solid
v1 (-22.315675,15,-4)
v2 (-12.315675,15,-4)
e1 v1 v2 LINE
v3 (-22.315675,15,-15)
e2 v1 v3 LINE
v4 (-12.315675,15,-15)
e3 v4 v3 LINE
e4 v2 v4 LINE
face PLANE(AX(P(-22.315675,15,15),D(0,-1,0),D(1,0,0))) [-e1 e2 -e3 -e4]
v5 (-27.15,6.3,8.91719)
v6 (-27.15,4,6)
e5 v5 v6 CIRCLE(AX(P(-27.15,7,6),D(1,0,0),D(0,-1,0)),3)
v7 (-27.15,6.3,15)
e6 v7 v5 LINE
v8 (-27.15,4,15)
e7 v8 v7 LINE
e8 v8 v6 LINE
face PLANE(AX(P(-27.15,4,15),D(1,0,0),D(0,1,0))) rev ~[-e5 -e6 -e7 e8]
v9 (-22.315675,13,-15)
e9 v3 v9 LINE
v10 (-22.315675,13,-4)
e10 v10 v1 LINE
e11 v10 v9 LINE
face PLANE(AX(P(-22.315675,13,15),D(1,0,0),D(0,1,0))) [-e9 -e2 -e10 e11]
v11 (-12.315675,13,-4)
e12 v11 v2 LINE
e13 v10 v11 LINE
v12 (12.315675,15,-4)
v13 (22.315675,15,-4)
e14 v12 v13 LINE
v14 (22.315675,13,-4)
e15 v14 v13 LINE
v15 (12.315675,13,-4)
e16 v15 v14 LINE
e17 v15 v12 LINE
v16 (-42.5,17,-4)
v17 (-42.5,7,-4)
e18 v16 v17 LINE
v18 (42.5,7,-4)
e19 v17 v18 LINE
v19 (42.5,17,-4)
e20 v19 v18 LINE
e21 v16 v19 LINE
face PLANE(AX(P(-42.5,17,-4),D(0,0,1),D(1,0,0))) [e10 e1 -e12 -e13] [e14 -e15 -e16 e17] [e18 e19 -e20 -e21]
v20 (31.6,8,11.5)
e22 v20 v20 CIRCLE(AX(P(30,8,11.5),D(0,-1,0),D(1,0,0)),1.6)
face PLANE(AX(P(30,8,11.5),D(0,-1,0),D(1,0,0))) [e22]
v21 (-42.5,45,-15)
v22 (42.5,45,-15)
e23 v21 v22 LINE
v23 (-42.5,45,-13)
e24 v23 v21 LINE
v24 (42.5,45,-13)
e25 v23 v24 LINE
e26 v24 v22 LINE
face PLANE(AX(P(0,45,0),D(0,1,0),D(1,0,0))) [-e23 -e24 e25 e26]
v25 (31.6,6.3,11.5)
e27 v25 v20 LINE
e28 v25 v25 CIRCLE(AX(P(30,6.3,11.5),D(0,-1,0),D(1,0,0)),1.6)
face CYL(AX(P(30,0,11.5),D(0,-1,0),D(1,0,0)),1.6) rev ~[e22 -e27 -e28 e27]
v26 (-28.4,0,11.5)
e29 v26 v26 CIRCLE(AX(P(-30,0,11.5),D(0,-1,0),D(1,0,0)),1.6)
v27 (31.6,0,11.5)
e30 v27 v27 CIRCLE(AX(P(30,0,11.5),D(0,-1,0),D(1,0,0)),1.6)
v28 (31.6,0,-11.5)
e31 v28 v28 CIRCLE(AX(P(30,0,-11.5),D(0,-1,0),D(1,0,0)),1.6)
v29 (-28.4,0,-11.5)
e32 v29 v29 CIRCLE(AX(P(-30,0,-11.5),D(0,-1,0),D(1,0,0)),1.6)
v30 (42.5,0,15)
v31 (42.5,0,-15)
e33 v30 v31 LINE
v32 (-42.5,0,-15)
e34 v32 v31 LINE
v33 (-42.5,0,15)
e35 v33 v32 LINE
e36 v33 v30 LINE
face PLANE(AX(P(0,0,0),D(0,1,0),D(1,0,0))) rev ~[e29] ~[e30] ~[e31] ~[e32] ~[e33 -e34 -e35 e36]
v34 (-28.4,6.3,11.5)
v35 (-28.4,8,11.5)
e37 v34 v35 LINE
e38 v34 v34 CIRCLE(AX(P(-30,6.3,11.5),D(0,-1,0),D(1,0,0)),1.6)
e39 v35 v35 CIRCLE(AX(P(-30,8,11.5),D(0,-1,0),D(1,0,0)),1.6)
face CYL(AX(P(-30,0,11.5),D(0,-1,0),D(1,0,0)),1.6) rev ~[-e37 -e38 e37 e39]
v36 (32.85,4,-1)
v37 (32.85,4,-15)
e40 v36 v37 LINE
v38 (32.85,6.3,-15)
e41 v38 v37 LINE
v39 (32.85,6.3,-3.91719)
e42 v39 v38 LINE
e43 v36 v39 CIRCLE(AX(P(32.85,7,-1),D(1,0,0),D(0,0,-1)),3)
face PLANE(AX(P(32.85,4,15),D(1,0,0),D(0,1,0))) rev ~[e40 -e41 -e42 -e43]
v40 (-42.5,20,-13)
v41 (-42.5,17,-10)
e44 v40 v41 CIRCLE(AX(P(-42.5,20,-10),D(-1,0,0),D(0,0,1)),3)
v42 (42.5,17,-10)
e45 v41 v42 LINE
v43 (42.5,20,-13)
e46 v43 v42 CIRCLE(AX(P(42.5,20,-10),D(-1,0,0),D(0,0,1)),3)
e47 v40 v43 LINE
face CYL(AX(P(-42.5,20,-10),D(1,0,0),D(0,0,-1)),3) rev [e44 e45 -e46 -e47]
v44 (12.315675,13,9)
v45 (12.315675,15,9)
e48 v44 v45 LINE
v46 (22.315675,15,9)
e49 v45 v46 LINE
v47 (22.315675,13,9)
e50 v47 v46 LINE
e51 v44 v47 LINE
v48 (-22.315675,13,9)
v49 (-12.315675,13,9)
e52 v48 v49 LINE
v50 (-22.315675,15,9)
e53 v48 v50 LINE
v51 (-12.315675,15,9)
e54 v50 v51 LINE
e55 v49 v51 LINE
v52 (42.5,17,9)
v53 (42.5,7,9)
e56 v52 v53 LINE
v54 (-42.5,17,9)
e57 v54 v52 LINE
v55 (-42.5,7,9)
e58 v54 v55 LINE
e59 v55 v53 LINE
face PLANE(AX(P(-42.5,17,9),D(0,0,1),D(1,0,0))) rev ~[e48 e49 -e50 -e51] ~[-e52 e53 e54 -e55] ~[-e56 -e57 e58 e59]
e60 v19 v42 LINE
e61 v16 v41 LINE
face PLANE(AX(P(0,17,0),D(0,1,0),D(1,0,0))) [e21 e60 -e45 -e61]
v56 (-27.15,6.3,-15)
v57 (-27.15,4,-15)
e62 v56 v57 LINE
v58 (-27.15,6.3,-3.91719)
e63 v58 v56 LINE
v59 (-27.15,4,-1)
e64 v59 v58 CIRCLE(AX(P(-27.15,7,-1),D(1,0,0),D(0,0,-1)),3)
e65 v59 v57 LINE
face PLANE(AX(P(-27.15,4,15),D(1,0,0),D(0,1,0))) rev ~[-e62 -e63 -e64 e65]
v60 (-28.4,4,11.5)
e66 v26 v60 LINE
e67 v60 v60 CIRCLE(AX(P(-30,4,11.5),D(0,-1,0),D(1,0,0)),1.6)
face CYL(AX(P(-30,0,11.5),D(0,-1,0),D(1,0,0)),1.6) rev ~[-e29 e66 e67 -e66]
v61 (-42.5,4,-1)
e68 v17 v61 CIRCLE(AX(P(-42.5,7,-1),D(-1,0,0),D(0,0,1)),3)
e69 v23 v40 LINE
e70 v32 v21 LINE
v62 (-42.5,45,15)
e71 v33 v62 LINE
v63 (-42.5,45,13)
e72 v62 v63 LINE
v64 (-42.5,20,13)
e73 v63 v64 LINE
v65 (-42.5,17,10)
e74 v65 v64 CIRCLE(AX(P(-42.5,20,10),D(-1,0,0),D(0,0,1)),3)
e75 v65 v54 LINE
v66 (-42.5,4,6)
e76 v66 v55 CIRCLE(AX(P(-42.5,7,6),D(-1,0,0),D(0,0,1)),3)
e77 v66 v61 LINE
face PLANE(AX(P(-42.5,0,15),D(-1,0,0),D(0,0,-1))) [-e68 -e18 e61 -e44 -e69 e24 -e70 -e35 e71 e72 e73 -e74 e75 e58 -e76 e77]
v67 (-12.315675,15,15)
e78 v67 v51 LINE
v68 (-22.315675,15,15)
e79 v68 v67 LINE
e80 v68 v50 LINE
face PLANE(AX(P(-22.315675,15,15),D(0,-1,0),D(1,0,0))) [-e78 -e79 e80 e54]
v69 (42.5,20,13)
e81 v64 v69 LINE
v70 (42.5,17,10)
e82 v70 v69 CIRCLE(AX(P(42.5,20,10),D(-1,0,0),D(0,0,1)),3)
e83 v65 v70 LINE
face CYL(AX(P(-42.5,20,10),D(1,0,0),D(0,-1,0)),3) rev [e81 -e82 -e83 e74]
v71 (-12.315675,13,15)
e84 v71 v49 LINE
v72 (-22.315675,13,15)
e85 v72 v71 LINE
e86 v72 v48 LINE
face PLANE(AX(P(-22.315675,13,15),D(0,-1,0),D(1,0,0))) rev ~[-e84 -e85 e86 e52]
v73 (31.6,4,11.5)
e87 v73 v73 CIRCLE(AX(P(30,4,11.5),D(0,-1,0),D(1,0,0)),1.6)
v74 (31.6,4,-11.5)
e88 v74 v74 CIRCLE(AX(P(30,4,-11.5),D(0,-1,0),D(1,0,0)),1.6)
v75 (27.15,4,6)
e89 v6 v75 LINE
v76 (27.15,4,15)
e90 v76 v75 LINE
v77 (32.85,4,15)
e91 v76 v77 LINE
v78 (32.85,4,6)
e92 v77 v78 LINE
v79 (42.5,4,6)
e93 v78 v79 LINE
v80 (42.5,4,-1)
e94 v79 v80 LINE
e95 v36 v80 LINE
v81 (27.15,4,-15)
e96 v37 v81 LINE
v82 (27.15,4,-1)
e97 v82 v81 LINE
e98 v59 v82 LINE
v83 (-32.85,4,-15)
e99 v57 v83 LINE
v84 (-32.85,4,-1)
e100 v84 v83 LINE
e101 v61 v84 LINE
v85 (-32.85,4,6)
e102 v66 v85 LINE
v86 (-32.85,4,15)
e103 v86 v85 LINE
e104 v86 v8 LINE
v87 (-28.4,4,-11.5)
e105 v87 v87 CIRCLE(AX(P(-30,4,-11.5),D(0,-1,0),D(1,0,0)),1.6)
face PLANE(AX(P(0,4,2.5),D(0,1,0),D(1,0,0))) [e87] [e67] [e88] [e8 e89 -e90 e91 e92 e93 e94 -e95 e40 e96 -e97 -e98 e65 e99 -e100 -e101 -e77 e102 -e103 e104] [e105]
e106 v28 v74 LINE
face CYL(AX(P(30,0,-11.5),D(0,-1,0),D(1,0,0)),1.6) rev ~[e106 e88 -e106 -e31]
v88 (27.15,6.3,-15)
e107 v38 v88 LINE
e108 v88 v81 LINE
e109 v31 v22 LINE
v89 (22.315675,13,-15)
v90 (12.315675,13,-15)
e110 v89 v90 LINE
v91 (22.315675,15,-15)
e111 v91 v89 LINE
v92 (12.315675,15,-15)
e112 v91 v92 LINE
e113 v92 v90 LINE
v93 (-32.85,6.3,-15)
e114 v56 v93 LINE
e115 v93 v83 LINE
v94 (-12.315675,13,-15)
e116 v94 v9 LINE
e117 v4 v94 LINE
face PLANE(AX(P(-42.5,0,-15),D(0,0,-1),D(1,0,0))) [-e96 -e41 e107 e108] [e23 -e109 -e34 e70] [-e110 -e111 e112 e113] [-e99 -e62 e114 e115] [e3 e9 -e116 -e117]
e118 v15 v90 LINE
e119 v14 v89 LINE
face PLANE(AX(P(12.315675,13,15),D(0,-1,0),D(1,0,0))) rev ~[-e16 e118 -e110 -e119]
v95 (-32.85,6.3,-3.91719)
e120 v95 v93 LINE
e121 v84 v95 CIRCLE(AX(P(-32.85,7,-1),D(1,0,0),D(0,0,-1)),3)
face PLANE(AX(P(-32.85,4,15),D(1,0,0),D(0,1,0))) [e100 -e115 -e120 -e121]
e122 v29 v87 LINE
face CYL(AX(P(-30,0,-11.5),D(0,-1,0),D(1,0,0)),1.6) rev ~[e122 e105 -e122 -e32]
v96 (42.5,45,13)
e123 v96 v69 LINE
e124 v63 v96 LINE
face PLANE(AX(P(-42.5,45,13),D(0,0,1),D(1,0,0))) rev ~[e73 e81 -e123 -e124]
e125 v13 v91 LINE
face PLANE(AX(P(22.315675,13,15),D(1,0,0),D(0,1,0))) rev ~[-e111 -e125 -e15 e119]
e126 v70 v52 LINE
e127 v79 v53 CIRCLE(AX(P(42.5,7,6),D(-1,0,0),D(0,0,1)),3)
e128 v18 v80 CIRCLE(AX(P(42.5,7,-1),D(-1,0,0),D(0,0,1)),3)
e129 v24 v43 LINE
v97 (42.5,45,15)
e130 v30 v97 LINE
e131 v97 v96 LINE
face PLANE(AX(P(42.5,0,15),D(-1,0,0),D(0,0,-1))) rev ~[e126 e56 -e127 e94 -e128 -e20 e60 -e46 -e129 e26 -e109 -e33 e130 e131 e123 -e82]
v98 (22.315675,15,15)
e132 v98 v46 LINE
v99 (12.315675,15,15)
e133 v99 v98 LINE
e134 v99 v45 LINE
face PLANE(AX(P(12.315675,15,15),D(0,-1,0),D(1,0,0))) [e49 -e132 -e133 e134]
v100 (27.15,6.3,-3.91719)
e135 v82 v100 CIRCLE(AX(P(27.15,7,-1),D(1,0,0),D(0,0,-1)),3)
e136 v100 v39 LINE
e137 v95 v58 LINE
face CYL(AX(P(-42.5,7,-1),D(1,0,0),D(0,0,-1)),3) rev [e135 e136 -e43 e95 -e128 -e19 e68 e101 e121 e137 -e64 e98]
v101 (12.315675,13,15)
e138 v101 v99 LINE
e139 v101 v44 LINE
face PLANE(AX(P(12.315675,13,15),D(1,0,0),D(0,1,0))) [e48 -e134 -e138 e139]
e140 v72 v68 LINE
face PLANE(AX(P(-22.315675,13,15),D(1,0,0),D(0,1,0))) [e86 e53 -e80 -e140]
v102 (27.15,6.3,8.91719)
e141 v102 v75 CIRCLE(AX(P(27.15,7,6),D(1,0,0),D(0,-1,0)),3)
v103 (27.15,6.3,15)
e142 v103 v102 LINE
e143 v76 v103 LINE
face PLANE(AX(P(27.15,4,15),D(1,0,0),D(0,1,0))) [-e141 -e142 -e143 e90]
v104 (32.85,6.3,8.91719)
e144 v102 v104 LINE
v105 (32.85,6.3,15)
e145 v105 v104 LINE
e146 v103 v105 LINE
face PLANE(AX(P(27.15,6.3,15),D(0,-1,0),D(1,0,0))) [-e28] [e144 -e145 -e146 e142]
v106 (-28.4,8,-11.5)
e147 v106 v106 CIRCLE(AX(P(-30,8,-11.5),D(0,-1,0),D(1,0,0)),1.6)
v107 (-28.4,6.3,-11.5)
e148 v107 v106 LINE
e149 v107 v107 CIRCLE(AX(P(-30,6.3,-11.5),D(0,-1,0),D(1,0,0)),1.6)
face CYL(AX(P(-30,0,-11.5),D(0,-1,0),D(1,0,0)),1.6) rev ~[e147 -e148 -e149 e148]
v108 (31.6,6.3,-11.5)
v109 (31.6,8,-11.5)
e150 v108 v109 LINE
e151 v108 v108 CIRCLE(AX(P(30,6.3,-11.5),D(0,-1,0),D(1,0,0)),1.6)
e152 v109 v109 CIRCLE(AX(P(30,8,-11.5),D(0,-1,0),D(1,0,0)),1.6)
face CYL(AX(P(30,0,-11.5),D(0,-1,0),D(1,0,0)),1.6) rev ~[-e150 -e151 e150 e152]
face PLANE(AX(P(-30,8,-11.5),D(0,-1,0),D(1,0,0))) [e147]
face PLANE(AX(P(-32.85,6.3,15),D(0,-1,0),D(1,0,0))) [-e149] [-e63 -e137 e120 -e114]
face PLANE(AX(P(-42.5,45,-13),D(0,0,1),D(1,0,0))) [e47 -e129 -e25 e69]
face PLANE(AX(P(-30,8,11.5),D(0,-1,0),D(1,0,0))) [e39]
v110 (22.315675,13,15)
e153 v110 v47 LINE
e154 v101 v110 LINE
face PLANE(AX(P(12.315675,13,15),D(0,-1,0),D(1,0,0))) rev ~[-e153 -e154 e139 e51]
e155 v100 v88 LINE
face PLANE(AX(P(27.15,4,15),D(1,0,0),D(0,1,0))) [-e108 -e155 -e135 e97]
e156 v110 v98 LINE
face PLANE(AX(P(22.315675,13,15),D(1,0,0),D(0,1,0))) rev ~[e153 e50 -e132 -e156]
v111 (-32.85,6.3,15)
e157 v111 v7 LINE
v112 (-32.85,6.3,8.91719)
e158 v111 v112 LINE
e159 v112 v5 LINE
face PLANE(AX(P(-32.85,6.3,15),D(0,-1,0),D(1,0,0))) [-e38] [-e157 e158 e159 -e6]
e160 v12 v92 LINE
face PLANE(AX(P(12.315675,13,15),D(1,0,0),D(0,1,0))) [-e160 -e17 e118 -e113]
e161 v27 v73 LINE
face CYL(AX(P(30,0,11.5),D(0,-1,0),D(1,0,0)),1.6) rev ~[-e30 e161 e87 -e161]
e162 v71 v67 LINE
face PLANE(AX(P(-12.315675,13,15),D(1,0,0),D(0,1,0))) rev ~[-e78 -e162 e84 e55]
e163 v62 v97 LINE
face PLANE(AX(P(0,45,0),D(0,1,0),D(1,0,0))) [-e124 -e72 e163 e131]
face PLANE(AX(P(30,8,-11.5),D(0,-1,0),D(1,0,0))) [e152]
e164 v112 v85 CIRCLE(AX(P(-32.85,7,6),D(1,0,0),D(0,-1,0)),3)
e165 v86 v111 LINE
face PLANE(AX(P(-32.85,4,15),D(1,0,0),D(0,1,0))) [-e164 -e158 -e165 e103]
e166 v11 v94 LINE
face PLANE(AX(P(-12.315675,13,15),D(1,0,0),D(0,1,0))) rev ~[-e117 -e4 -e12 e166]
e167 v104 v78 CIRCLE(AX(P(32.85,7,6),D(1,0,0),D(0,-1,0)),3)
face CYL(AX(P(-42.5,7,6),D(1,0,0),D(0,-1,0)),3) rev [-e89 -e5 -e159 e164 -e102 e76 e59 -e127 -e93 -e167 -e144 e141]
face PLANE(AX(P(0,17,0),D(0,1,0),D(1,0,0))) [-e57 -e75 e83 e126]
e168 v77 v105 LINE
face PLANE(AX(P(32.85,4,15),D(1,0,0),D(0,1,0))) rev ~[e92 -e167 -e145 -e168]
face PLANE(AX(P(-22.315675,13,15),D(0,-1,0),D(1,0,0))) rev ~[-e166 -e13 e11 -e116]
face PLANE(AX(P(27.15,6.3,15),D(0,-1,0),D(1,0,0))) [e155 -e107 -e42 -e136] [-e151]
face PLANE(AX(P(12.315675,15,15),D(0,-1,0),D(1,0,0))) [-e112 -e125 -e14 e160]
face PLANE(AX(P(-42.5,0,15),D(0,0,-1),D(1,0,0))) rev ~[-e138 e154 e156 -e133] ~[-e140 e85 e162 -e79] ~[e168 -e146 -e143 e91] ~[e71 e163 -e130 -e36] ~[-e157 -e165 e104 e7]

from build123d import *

# Parameters (mm, degrees)
SKETCH_1_W          = 85
SKETCH_1_H          = 30
EXTRUDE_1_DEPTH     = 45
SKETCH_2_W          = 85
SKETCH_2_H          = 26
CUT_EXTRUDE_1_DEPTH = 28
SKETCH_3_W          = 85
SKETCH_3_H          = 13
CUT_EXTRUDE_3_DEPTH = 13
SKETCH_4_W          = 10
SKETCH_4_H          = 2
CUT_EXTRUDE_4_DEPTH = 31
FILLET_1_R          = 3
SKETCH_5_R          = 1.6
CUT_EXTRUDE_5_DEPTH = 8
SKETCH_6_W          = 5.7
SKETCH_6_H          = 2.3
CUT_EXTRUDE_6_DEPTH = 31


with BuildPart() as part:
    # 草图1 → 凸台-拉伸1 (new body)
    with BuildSketch(Plane(origin=(0, 0, 0), x_dir=(1, 0, 0), z_dir=(0, 1, 0))):
        Rectangle(SKETCH_1_W, SKETCH_1_H)
    extrude(amount=EXTRUDE_1_DEPTH)

    # 草图2 → 切除-拉伸1 (cut)
    with BuildSketch(Plane(origin=(0, 45, 0), x_dir=(1, 0, 0), z_dir=(0, 1, 0))):
        Rectangle(SKETCH_2_W, SKETCH_2_H)
    extrude(amount=-CUT_EXTRUDE_1_DEPTH, mode=Mode.SUBTRACT)

    # 草图3 → 切除-拉伸3 (cut)
    with BuildSketch(Plane(origin=(0, 17, 0), x_dir=(1, 0, 0), z_dir=(0, 1, 0))):
        with Locations((0, -2.5)):
            Rectangle(SKETCH_3_W, SKETCH_3_H)
    extrude(amount=-CUT_EXTRUDE_3_DEPTH, mode=Mode.SUBTRACT)

    # 草图4 → 切除-拉伸4 (cut, through all)
    with BuildSketch(Plane.XY.offset(15)):
        with Locations((-17.315675278, 14)):
            Rectangle(SKETCH_4_W, SKETCH_4_H)
        with Locations((17.315675278, 14)):
            Rectangle(SKETCH_4_W, SKETCH_4_H)
    extrude(amount=-CUT_EXTRUDE_4_DEPTH, mode=Mode.SUBTRACT)

    # 圆角1
    fillet_1_edges = [part.edges().sort_by_distance(p)[0] for p in [
        (0, 17, 13),
        (0, 17, -13),
        (0, 4, -4),
        (0, 4, 9),
    ]]
    fillet(fillet_1_edges, radius=FILLET_1_R)

    # 草图5 → 切除-拉伸5 (cut)
    with BuildSketch(Plane.XZ):
        with Locations((-30, 11.5)):
            Circle(SKETCH_5_R)
        with Locations((-30, -11.5)):
            Circle(SKETCH_5_R)
        with Locations((30, -11.5)):
            Circle(SKETCH_5_R)
        with Locations((30, 11.5)):
            Circle(SKETCH_5_R)
    extrude(amount=-CUT_EXTRUDE_5_DEPTH, mode=Mode.SUBTRACT)

    # 草图6 → 切除-拉伸6 (cut, through all)
    with BuildSketch(Plane.XY.offset(15)):
        with Locations((-30, 5.15)):
            Rectangle(SKETCH_6_W, SKETCH_6_H)
        with Locations((30, 5.15)):
            Rectangle(SKETCH_6_W, SKETCH_6_H)
    extrude(amount=-CUT_EXTRUDE_6_DEPTH, mode=Mode.SUBTRACT)


solid = part.part
